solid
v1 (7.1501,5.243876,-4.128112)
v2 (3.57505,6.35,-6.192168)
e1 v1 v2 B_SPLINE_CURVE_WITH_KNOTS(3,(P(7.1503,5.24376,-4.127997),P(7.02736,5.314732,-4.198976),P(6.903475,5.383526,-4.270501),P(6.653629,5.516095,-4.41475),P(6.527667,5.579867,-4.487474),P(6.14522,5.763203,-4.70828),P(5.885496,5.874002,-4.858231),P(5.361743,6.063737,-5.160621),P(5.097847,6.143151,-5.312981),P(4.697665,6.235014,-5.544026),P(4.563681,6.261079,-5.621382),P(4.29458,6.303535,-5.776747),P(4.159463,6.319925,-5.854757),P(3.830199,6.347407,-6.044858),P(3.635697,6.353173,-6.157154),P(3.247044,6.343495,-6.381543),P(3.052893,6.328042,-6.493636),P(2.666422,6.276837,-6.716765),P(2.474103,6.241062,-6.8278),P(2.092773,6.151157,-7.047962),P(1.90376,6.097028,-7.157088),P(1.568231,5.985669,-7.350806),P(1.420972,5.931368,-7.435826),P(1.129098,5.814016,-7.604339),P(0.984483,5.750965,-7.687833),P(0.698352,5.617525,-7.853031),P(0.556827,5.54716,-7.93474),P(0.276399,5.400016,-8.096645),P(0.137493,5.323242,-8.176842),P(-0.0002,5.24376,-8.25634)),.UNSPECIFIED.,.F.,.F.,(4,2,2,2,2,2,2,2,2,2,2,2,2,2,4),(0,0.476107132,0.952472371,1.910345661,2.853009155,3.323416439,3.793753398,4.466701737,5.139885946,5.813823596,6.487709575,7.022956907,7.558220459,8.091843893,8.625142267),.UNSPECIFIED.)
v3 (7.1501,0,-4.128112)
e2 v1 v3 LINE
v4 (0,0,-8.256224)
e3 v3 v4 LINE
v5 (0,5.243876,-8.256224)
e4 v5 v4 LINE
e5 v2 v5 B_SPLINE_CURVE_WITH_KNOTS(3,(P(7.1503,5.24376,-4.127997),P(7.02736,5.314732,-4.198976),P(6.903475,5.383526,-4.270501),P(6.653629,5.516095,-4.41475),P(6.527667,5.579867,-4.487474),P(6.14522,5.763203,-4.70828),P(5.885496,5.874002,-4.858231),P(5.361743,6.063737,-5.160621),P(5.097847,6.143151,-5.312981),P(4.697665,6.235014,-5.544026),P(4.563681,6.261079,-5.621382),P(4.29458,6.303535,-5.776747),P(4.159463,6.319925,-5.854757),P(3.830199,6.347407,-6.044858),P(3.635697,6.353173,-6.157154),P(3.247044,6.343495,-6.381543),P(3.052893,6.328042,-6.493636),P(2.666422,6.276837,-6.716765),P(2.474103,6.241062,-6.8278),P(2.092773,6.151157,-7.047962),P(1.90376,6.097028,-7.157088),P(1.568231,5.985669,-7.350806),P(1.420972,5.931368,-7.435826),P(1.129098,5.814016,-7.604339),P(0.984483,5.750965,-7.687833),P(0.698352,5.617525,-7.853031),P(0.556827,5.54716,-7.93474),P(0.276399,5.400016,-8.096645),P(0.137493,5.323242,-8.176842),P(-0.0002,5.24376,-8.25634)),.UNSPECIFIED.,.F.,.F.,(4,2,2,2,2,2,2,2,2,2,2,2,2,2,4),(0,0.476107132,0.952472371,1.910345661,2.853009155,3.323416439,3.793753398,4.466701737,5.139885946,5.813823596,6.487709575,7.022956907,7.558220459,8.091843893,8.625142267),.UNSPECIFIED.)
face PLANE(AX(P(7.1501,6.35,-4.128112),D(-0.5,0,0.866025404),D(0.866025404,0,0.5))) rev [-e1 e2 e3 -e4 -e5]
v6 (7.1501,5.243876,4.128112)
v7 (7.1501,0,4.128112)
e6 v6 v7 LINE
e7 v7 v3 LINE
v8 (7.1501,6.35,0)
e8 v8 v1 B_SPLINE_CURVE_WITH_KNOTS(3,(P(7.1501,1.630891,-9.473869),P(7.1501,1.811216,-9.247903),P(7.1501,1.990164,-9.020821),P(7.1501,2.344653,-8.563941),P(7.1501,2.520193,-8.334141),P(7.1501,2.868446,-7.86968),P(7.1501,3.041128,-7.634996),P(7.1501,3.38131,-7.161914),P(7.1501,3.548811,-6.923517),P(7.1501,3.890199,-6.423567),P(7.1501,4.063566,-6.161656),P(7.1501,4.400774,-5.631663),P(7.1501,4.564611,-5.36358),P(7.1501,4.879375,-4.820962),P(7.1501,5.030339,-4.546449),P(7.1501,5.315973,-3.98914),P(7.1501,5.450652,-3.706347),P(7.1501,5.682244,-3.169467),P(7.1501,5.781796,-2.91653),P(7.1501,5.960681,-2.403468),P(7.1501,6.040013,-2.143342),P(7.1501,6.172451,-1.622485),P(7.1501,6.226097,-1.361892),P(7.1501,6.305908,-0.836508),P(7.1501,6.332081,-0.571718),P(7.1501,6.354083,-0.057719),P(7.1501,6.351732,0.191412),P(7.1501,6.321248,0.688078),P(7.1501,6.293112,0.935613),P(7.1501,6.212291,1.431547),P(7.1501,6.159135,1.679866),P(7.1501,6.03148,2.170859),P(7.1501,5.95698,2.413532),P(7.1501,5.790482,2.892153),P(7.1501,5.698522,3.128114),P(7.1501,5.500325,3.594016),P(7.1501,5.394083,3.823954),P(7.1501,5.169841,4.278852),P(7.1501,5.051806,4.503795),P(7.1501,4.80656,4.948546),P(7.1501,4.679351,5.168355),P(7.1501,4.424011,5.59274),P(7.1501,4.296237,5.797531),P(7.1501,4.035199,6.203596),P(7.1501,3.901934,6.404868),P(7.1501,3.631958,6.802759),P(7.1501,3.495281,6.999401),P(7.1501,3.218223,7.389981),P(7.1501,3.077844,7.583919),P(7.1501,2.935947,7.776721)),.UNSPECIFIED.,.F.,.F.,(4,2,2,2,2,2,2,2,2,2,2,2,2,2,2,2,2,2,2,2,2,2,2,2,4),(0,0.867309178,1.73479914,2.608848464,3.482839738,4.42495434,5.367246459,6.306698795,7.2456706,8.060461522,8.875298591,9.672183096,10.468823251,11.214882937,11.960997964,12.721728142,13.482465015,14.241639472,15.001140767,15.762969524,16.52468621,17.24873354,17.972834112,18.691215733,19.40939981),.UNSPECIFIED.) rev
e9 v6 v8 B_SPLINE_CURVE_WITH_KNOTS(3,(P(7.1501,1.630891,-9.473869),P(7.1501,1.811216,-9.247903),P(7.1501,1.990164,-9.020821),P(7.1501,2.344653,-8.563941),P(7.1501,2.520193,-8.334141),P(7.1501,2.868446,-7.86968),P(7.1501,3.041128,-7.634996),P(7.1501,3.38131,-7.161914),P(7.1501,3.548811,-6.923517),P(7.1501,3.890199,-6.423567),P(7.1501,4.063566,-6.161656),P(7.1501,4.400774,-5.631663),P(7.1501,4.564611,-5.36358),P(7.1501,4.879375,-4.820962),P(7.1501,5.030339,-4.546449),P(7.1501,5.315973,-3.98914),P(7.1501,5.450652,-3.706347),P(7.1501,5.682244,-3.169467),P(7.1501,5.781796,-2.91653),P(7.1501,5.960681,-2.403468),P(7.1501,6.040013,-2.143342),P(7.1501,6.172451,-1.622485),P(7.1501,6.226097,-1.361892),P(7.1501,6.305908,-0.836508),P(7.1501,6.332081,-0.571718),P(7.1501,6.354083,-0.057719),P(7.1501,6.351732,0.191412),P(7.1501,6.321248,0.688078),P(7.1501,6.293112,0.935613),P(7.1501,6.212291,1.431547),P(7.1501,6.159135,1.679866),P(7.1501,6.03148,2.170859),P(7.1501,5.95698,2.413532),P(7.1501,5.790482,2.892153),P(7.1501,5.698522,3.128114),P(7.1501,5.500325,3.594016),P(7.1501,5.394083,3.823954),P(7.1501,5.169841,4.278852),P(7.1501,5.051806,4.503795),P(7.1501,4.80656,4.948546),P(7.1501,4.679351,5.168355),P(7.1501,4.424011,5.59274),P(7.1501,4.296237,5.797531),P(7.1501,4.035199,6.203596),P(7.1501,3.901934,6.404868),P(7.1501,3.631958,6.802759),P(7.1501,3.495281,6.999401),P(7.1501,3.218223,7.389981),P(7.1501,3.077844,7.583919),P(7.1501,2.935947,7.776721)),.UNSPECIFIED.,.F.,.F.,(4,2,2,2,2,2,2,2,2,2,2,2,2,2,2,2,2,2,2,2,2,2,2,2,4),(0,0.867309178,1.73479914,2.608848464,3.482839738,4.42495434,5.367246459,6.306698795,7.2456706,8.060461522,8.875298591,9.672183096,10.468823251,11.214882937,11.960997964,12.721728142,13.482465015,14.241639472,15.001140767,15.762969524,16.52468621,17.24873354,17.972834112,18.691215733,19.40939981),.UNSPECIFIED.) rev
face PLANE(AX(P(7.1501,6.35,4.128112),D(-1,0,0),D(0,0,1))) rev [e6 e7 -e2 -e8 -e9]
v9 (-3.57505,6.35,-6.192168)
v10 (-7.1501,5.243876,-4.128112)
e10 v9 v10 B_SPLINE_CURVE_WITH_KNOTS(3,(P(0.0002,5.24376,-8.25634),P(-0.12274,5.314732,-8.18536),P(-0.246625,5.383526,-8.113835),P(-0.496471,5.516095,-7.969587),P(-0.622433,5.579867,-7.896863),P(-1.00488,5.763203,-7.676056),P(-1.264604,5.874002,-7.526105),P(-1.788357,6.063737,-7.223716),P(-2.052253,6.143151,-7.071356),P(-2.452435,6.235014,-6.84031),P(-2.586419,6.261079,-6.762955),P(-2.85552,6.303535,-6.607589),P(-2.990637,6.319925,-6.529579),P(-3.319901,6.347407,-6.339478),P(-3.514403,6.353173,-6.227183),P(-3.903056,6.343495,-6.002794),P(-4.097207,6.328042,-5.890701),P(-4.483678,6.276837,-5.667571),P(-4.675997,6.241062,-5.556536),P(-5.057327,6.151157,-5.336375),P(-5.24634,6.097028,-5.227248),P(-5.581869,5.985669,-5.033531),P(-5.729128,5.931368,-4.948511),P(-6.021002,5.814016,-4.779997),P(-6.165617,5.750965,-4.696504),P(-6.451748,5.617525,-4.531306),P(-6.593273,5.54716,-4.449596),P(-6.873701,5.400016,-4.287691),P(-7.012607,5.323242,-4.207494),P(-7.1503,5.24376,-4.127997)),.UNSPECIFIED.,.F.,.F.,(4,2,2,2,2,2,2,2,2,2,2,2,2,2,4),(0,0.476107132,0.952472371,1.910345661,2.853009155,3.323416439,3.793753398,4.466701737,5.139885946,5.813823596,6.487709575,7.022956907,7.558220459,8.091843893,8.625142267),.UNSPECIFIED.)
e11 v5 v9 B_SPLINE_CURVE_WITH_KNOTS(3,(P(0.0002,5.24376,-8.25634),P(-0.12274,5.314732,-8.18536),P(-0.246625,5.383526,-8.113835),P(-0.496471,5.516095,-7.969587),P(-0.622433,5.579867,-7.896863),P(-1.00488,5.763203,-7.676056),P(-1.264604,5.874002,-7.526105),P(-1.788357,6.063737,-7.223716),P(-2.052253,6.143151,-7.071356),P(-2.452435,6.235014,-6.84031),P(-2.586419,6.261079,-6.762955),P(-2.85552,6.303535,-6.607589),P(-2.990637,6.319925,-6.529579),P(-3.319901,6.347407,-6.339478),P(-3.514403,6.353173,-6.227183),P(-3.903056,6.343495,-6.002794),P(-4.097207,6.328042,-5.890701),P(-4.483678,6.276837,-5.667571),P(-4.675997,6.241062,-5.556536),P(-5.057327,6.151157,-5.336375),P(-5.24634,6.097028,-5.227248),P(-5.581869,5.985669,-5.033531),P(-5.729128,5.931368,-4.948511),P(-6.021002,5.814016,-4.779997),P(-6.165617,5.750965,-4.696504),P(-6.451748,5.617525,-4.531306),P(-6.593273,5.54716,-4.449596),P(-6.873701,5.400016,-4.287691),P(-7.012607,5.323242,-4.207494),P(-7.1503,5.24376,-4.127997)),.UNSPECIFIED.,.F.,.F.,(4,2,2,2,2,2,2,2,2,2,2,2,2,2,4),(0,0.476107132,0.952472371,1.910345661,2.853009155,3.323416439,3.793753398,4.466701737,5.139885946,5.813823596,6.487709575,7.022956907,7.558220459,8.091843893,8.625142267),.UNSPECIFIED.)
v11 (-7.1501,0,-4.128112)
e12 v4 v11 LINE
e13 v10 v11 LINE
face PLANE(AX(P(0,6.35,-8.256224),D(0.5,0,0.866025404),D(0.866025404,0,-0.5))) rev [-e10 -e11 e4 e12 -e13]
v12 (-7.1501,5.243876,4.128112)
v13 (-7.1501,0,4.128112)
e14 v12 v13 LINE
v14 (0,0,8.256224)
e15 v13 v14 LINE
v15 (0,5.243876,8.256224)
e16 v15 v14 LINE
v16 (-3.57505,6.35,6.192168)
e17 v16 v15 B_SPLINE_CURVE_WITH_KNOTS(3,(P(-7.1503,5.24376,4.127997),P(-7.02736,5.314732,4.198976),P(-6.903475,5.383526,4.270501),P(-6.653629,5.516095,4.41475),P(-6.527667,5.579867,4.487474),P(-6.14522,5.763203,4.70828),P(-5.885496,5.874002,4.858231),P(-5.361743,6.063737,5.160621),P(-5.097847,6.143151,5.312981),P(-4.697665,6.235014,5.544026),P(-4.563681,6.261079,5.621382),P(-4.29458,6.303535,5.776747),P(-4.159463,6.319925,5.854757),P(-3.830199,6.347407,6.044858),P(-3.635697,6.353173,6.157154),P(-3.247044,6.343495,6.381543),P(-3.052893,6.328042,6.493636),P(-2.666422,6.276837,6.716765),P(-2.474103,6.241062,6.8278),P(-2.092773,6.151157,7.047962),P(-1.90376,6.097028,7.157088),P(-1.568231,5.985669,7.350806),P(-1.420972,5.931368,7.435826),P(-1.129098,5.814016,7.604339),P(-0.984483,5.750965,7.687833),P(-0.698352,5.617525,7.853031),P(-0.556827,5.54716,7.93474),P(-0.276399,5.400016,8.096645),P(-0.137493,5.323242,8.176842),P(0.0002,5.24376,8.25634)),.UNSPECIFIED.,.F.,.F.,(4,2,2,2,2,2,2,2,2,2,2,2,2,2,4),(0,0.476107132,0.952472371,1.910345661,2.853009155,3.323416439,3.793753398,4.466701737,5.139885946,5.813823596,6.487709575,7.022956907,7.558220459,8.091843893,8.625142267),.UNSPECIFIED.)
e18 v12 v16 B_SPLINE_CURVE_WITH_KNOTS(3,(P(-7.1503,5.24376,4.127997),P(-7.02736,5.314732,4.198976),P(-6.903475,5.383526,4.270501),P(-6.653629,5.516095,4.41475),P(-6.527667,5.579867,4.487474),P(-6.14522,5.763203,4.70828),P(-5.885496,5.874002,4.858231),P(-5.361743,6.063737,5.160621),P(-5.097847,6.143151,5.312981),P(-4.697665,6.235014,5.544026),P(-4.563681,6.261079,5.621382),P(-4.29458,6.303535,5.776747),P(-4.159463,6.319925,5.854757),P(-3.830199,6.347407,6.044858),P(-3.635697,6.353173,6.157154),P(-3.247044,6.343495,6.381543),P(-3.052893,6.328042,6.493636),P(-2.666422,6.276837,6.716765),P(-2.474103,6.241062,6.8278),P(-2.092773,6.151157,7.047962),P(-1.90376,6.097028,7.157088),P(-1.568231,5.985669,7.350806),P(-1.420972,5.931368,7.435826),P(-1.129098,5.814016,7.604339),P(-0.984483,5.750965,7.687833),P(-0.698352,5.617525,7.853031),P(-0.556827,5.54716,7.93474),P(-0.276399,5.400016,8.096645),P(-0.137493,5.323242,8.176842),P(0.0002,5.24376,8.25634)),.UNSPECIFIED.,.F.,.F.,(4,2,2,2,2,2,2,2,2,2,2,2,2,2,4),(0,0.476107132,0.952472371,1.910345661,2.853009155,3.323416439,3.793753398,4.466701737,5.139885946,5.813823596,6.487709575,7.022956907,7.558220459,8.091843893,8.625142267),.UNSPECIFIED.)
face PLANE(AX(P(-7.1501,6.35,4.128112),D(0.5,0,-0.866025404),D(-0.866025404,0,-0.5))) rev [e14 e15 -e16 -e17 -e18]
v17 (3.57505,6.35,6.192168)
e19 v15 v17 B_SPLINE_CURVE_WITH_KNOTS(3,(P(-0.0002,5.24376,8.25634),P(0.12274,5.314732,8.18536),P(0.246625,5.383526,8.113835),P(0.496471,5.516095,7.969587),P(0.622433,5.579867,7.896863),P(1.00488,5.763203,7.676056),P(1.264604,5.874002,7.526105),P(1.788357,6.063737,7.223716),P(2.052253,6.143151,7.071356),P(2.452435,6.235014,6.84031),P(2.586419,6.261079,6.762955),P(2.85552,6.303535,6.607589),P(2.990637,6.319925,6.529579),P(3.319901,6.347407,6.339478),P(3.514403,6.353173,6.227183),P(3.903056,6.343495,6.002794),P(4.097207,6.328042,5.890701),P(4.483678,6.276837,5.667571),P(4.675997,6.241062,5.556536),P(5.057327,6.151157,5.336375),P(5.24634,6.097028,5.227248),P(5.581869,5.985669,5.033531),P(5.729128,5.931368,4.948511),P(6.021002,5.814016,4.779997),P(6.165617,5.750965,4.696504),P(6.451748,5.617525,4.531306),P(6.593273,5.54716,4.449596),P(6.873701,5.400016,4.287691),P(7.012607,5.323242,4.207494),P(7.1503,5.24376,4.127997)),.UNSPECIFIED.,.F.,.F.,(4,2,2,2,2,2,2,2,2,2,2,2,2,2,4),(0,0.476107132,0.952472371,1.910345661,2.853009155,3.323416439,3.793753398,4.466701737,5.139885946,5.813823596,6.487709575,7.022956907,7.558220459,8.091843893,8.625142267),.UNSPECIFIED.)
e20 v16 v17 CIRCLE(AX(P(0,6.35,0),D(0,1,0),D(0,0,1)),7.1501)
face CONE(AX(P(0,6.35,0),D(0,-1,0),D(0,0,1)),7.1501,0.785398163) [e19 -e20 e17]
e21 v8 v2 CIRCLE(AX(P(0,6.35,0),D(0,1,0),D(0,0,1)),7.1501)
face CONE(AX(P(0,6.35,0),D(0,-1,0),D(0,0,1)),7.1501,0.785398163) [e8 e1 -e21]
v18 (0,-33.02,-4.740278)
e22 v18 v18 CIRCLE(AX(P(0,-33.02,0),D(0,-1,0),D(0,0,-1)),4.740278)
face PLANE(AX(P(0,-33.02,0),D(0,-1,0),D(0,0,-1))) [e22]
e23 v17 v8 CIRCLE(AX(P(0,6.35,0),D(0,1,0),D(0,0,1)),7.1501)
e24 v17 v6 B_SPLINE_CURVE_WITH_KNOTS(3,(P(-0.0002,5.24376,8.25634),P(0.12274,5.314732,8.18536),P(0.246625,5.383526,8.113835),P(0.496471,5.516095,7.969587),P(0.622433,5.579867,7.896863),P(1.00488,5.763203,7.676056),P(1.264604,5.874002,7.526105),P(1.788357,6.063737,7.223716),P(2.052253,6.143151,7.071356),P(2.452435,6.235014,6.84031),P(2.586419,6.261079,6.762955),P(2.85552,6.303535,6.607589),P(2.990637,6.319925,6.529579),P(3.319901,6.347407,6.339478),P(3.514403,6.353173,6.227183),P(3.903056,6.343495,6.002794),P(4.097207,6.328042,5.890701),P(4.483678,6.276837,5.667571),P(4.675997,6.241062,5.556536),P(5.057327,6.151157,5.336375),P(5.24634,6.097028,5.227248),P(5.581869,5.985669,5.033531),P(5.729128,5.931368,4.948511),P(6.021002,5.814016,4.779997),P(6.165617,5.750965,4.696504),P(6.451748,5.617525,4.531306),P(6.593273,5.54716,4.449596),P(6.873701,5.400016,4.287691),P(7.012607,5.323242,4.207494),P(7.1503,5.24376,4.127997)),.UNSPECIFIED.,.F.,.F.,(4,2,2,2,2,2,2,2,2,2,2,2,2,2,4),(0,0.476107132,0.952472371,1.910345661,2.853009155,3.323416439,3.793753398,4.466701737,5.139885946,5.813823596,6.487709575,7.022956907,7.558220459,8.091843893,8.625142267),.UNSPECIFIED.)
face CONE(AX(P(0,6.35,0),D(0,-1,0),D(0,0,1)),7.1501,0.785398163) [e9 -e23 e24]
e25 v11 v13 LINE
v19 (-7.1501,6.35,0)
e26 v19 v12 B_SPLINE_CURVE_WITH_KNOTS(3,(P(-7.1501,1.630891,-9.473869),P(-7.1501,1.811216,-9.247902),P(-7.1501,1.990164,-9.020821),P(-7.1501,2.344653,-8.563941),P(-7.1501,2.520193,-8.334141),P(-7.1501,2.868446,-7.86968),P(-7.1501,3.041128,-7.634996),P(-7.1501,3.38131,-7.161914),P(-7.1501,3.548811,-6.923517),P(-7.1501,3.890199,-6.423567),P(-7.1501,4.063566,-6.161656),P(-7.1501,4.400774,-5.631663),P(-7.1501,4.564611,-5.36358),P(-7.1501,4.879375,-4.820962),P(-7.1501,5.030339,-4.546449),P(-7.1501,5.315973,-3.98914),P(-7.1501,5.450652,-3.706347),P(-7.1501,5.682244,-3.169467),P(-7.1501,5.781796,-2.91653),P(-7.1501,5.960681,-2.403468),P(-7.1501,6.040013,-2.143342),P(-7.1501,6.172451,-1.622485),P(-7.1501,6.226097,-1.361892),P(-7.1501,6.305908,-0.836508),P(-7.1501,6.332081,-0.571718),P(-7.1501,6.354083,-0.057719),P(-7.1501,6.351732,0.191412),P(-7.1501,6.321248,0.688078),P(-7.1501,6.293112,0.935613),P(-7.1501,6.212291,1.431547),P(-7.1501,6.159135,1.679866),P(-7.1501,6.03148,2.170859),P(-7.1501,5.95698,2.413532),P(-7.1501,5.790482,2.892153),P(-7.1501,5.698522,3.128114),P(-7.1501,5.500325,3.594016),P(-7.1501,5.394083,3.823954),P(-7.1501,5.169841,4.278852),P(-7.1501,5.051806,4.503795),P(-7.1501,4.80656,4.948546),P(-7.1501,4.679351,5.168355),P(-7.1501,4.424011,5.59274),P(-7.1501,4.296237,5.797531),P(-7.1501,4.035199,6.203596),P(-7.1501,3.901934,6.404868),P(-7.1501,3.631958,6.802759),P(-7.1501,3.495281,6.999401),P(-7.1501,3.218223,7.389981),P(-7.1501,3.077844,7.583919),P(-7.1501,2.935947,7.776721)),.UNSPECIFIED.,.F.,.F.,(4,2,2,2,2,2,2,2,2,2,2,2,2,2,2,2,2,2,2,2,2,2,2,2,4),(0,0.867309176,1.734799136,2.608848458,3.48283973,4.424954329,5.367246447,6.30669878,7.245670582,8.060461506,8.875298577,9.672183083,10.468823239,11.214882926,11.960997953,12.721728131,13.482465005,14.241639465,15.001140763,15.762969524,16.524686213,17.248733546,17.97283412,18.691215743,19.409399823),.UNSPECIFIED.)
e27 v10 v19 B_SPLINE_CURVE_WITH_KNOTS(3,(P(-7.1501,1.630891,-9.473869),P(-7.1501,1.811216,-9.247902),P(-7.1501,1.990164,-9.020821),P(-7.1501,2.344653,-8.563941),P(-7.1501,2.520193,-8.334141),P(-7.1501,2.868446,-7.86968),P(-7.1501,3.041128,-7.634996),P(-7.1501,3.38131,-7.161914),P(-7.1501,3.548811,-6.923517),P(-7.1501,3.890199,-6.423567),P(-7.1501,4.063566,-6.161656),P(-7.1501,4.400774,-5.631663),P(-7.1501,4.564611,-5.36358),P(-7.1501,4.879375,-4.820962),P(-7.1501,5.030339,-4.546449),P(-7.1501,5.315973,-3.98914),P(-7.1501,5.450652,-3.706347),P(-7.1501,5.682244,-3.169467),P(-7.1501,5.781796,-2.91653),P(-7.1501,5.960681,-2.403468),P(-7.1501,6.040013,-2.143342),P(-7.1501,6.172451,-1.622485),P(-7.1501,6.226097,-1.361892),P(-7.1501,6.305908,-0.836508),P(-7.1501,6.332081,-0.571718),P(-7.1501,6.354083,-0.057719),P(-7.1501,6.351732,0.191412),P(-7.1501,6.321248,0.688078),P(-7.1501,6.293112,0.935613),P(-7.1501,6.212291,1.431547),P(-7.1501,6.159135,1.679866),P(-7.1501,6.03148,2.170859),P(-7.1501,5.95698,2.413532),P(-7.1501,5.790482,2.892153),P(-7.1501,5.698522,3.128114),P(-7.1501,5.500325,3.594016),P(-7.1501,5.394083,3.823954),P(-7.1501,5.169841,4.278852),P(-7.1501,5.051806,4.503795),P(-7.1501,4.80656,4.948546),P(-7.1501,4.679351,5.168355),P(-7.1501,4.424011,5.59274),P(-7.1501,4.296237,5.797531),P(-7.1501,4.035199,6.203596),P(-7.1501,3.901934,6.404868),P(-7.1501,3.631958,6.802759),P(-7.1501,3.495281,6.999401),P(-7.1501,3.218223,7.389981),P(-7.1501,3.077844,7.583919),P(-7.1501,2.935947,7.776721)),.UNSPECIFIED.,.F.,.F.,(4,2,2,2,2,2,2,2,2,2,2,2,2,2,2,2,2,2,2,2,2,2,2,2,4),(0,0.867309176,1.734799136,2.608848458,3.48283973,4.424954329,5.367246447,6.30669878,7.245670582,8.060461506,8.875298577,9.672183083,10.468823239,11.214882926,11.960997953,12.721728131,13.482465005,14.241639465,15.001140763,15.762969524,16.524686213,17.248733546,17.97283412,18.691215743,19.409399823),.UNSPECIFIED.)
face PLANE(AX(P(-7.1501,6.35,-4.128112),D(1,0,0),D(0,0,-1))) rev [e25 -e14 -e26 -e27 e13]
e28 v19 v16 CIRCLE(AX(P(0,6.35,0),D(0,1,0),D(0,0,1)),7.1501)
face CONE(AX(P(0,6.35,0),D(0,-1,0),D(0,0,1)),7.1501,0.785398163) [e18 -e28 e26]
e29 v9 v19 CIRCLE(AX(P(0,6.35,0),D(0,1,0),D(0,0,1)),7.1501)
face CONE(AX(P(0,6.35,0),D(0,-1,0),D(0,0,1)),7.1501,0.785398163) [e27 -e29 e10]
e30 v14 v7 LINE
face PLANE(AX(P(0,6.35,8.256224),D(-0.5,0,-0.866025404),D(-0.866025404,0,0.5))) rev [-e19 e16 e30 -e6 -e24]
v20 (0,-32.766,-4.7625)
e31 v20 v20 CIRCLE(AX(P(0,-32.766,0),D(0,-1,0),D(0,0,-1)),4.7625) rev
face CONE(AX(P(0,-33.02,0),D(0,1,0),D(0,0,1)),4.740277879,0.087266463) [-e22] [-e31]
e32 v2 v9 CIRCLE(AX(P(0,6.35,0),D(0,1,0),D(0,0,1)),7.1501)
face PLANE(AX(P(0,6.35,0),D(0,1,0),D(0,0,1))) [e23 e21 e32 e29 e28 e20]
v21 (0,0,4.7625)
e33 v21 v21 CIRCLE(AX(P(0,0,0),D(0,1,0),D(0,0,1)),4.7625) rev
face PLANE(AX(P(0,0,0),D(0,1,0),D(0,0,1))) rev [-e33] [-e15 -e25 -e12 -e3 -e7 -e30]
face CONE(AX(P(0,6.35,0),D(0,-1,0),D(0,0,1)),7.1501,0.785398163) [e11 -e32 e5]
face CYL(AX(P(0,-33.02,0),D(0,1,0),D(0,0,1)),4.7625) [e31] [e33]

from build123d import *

# Parameters (mm, degrees)
BOSS_EXTRUDE1_DEPTH = 6.35
SKETCH2_R           = 4.7625
BOSS_EXTRUDE2_DEPTH = 33.02
SKETCH3_OUTSIDE_W   = 65.944
SKETCH3_OUTSIDE_H   = 68.156
SKETCH3_OUTSIDE_R   = 7.1501
CUT_EXTRUDE1_DEPTH  = 20.32
CUT_EXTRUDE1_DRAFT  = -45
CHAMFER1_SIZE       = 0.254
CHAMFER1_SIZE2      = 0.022222121


with BuildPart() as part:
    # Sketch1 → Boss-Extrude1 (new body)
    with BuildSketch(Plane(origin=(0, 0, 0), x_dir=(1, 0, 0), z_dir=(0, 1, 0))):
        Polygon((0, 8.256224319), (-7.1501, 4.12811216), (-7.1501, -4.12811216), (0, -8.256224319), (7.1501, -4.12811216), (7.1501, 4.12811216), align=None)
    extrude(amount=BOSS_EXTRUDE1_DEPTH)

    # Sketch2 → Boss-Extrude2 (add)
    with BuildSketch(Plane.XZ):
        with Locations(Location((0, 0, 0), (0, 0, 90))):
            Circle(SKETCH2_R)
    extrude(amount=BOSS_EXTRUDE2_DEPTH)


with BuildPart() as cut_extrude1_tool:
    # Sketch3 outside → Cut-Extrude1 (with draft: the straight prism first)
    with BuildSketch(Plane(origin=(0, 6.35, 0), x_dir=(1, 0, 0), z_dir=(0, 1, 0))):
        Rectangle(SKETCH3_OUTSIDE_W, SKETCH3_OUTSIDE_H)
        Circle(SKETCH3_OUTSIDE_R, mode=Mode.SUBTRACT)
    extrude(amount=-CUT_EXTRUDE1_DEPTH)
    # Cut-Extrude1: the draft: its side faces are tilted about the plane it starts from
    cut_extrude1_sides = [cut_extrude1_tool.faces().sort_by_distance(p)[0] for p in [
        (0, -3.81, 34.078),
        (32.972, -3.81, 0),
        (0, -3.81, -34.078),
        (-32.972, -3.81, 0),
        (-7.1501, -3.81, 0),
    ]]
    draft(cut_extrude1_sides, Plane(origin=(0, 6.35, 0), x_dir=(1, 0, 0), z_dir=(0, 1, 0)), CUT_EXTRUDE1_DRAFT)


with BuildPart() as part_1:
    add(part.part)

    # Cut-Extrude1: cut by cut_extrude1_tool
    add(cut_extrude1_tool.part, mode=Mode.SUBTRACT)

    # Chamfer1
    chamfer1_edges = [part_1.edges().sort_by_distance(p)[0] for p in [
        (0, -33.02, -4.7625),
    ]]
    chamfer1_side = [part_1.faces().sort_by_distance(p)[0] for p in [
        (0, -16.51, -4.7625),
    ]]
    chamfer(chamfer1_edges, length=CHAMFER1_SIZE, length2=CHAMFER1_SIZE2, reference=chamfer1_side[0])


solid = part_1.part
